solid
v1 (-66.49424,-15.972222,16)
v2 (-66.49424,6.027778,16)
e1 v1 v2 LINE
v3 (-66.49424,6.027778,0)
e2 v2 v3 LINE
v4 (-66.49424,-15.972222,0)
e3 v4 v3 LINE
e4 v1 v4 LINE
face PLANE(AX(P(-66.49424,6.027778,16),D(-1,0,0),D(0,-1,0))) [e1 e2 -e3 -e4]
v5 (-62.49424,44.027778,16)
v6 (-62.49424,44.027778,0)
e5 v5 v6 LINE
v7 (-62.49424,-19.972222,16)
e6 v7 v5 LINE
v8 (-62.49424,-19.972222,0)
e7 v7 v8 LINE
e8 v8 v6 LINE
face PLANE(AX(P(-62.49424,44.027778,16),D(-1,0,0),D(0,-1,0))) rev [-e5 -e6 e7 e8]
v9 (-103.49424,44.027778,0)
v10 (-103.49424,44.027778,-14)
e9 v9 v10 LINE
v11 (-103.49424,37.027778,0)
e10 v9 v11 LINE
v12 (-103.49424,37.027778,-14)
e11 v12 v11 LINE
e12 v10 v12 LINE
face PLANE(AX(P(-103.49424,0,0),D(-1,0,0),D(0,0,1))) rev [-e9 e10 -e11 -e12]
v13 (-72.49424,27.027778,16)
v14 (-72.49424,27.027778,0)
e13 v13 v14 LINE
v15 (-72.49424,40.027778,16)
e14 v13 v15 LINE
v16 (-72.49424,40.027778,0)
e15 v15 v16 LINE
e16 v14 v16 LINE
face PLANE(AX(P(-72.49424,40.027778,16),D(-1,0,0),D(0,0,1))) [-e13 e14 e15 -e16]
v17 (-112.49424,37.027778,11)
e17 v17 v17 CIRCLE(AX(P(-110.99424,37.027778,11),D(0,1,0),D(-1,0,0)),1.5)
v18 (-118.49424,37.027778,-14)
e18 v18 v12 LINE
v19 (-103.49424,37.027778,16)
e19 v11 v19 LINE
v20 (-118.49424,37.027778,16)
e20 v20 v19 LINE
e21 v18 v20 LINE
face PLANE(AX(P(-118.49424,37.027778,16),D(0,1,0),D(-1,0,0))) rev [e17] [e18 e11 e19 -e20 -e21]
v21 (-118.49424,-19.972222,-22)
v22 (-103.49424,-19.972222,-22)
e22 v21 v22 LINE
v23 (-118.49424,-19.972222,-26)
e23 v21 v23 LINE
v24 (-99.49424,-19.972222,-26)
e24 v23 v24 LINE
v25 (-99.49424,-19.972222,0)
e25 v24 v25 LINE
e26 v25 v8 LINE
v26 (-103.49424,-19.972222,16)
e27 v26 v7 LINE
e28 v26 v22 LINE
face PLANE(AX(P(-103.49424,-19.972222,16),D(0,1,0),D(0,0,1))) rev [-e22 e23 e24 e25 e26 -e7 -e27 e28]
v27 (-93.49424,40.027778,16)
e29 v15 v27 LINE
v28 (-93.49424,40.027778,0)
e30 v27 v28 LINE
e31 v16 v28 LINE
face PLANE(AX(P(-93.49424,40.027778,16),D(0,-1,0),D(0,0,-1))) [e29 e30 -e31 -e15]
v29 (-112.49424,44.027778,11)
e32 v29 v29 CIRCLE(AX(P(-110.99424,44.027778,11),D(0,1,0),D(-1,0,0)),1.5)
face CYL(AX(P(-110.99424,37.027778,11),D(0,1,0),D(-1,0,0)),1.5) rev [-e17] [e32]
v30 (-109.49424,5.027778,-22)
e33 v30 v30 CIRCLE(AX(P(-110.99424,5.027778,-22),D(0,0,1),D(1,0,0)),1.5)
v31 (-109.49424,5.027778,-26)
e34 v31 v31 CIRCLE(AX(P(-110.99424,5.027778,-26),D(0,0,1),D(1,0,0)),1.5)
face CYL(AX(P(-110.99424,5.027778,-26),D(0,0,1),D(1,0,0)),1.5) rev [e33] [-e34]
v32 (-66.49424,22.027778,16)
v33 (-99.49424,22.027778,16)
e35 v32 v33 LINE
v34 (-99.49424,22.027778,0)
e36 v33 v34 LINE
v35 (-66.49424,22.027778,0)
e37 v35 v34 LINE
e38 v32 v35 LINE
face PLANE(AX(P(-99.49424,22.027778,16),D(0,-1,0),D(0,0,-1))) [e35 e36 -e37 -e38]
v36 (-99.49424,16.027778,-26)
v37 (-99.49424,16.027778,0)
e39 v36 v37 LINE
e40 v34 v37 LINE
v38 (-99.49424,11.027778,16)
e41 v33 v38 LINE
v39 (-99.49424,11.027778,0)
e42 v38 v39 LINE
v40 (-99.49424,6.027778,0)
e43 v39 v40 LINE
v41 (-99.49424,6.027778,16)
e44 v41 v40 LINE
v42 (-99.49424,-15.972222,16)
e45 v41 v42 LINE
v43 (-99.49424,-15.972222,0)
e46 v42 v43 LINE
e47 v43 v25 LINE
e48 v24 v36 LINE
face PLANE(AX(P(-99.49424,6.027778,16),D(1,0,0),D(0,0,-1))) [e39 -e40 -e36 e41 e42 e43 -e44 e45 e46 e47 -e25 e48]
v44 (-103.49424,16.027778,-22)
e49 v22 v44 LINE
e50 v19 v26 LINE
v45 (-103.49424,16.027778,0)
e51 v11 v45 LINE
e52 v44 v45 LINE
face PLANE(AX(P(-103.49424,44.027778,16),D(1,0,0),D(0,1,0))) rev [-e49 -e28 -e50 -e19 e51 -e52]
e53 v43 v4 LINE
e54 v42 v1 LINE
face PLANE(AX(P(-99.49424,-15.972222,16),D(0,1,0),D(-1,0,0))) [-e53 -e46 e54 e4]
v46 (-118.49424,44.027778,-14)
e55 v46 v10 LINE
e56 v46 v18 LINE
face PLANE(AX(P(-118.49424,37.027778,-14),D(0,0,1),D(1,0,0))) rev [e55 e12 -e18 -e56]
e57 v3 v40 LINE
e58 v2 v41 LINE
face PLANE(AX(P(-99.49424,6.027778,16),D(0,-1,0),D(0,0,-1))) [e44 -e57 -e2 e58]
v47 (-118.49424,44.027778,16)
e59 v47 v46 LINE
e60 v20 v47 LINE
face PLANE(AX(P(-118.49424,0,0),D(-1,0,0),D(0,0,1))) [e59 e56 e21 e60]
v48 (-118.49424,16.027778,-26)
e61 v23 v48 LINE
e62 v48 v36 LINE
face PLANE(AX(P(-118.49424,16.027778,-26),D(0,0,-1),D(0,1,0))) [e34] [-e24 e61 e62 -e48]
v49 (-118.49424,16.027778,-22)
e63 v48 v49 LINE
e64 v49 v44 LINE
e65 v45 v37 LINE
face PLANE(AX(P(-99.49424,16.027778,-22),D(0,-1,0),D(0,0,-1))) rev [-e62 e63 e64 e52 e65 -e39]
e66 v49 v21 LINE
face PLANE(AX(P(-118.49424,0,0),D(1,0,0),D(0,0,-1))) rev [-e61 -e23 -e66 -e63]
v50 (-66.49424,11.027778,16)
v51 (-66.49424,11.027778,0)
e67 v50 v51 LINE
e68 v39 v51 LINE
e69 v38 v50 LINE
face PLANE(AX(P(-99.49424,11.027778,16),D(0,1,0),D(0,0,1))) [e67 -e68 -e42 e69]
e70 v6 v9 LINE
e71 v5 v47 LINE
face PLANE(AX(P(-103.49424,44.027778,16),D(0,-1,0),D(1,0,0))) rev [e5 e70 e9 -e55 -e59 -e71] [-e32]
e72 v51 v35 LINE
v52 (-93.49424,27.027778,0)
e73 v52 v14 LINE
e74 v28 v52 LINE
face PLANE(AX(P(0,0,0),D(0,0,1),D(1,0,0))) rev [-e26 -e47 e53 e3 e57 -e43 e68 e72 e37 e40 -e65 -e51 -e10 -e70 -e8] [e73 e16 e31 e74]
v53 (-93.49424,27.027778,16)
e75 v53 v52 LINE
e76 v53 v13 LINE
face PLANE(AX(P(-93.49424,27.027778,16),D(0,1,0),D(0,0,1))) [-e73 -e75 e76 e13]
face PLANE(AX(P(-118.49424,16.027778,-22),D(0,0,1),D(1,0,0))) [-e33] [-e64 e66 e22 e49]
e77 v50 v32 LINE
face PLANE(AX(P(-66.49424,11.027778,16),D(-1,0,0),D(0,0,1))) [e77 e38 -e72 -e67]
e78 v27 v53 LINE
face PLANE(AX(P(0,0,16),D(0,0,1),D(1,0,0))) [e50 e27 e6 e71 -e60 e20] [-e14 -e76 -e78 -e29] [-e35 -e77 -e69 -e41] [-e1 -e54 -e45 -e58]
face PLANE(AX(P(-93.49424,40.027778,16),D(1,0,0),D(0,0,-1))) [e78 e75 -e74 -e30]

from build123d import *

# Parameters (mm, degrees)
CROQUIS1_W              = 41
CROQUIS1_H              = 64
CROQUIS1_W_2            = 33
CROQUIS1_H_2            = 22
CROQUIS1_H_3            = 11
CROQUIS1_W_3            = 21
CROQUIS1_H_4            = 13
SALIENTE_EXTRUIR1_DEPTH = 16
CROQUIS2_W              = 30
CROQUIS2_H              = 7
SALIENTE_EXTRUIR2_DEPTH = 15
SALIENTE_EXTRUIR3_DEPTH = 22
CROQUIS4_W              = 4
CROQUIS4_H              = 36
SALIENTE_EXTRUIR4_DEPTH = 19
CORTAR_EXTRUIR3_START   = -7
CROQUIS5_R              = 1.5
CORTAR_EXTRUIR3_DEPTH   = 7
CROQUIS7_R              = 1.5
CORTAR_EXTRUIR6_DEPTH   = 4


with BuildPart() as part:
    # Croquis1 → Saliente-Extruir1 (new body)
    with BuildSketch(Plane.XY):
        with Locations((-82.994239819, 12.027777778)):
            Rectangle(CROQUIS1_W, CROQUIS1_H)
        with Locations((-82.994239819, -4.972222222)):
            Rectangle(CROQUIS1_W_2, CROQUIS1_H_2, mode=Mode.SUBTRACT)
        with Locations((-82.994239819, 16.527777778)):
            Rectangle(CROQUIS1_W_2, CROQUIS1_H_3, mode=Mode.SUBTRACT)
        with Locations((-82.994239819, 33.527777778)):
            Rectangle(CROQUIS1_W_3, CROQUIS1_H_4, mode=Mode.SUBTRACT)
    extrude(amount=SALIENTE_EXTRUIR1_DEPTH)

    # Croquis2 → Saliente-Extruir2 (add)
    with BuildSketch(Plane.ZY.offset(103.494239819)):
        with Locations((1, 40.527777778)):
            Rectangle(CROQUIS2_W, CROQUIS2_H)
    extrude(amount=SALIENTE_EXTRUIR2_DEPTH)

    # Croquis3 → Saliente-Extruir3 (add)
    with BuildSketch(Plane(origin=(0, 0, 0), x_dir=(-1, 0, 0), z_dir=(0, 0, -1))):
        Polygon((103.494239819, -19.972222222), (99.494239819, -19.972222222), (99.494239819, 6.027777778), (99.494239819, 16.027777778), (103.494239819, 16.027777778), (103.494239819, 6.027777778), align=None)
    extrude(amount=SALIENTE_EXTRUIR3_DEPTH)

    # Croquis4 → Saliente-Extruir4 (add)
    with BuildSketch(Plane(origin=(-99.494239819, 0, 0), x_dir=(0, 0, -1), z_dir=(1, 0, 0))):
        with Locations((24, -1.972222222)):
            Rectangle(CROQUIS4_W, CROQUIS4_H)
    extrude(amount=-SALIENTE_EXTRUIR4_DEPTH)

    # Croquis5 → Cortar-Extruir3 (cut)
    with BuildSketch(Plane(origin=(0, 44.027777778, 0), x_dir=(1, 0, 0), z_dir=(0, 1, 0)).offset(CORTAR_EXTRUIR3_START)):
        with Locations((-110.994239819, -11)):
            Circle(CROQUIS5_R)
    extrude(amount=CORTAR_EXTRUIR3_DEPTH, mode=Mode.SUBTRACT)

    # Croquis7 → Cortar-Extruir6 (cut)
    with BuildSketch(Plane.XY.offset(-22)):
        with Locations((-110.994239819, 5.027777778)):
            Circle(CROQUIS7_R)
    extrude(amount=-CORTAR_EXTRUIR6_DEPTH, mode=Mode.SUBTRACT)


solid = part.part
